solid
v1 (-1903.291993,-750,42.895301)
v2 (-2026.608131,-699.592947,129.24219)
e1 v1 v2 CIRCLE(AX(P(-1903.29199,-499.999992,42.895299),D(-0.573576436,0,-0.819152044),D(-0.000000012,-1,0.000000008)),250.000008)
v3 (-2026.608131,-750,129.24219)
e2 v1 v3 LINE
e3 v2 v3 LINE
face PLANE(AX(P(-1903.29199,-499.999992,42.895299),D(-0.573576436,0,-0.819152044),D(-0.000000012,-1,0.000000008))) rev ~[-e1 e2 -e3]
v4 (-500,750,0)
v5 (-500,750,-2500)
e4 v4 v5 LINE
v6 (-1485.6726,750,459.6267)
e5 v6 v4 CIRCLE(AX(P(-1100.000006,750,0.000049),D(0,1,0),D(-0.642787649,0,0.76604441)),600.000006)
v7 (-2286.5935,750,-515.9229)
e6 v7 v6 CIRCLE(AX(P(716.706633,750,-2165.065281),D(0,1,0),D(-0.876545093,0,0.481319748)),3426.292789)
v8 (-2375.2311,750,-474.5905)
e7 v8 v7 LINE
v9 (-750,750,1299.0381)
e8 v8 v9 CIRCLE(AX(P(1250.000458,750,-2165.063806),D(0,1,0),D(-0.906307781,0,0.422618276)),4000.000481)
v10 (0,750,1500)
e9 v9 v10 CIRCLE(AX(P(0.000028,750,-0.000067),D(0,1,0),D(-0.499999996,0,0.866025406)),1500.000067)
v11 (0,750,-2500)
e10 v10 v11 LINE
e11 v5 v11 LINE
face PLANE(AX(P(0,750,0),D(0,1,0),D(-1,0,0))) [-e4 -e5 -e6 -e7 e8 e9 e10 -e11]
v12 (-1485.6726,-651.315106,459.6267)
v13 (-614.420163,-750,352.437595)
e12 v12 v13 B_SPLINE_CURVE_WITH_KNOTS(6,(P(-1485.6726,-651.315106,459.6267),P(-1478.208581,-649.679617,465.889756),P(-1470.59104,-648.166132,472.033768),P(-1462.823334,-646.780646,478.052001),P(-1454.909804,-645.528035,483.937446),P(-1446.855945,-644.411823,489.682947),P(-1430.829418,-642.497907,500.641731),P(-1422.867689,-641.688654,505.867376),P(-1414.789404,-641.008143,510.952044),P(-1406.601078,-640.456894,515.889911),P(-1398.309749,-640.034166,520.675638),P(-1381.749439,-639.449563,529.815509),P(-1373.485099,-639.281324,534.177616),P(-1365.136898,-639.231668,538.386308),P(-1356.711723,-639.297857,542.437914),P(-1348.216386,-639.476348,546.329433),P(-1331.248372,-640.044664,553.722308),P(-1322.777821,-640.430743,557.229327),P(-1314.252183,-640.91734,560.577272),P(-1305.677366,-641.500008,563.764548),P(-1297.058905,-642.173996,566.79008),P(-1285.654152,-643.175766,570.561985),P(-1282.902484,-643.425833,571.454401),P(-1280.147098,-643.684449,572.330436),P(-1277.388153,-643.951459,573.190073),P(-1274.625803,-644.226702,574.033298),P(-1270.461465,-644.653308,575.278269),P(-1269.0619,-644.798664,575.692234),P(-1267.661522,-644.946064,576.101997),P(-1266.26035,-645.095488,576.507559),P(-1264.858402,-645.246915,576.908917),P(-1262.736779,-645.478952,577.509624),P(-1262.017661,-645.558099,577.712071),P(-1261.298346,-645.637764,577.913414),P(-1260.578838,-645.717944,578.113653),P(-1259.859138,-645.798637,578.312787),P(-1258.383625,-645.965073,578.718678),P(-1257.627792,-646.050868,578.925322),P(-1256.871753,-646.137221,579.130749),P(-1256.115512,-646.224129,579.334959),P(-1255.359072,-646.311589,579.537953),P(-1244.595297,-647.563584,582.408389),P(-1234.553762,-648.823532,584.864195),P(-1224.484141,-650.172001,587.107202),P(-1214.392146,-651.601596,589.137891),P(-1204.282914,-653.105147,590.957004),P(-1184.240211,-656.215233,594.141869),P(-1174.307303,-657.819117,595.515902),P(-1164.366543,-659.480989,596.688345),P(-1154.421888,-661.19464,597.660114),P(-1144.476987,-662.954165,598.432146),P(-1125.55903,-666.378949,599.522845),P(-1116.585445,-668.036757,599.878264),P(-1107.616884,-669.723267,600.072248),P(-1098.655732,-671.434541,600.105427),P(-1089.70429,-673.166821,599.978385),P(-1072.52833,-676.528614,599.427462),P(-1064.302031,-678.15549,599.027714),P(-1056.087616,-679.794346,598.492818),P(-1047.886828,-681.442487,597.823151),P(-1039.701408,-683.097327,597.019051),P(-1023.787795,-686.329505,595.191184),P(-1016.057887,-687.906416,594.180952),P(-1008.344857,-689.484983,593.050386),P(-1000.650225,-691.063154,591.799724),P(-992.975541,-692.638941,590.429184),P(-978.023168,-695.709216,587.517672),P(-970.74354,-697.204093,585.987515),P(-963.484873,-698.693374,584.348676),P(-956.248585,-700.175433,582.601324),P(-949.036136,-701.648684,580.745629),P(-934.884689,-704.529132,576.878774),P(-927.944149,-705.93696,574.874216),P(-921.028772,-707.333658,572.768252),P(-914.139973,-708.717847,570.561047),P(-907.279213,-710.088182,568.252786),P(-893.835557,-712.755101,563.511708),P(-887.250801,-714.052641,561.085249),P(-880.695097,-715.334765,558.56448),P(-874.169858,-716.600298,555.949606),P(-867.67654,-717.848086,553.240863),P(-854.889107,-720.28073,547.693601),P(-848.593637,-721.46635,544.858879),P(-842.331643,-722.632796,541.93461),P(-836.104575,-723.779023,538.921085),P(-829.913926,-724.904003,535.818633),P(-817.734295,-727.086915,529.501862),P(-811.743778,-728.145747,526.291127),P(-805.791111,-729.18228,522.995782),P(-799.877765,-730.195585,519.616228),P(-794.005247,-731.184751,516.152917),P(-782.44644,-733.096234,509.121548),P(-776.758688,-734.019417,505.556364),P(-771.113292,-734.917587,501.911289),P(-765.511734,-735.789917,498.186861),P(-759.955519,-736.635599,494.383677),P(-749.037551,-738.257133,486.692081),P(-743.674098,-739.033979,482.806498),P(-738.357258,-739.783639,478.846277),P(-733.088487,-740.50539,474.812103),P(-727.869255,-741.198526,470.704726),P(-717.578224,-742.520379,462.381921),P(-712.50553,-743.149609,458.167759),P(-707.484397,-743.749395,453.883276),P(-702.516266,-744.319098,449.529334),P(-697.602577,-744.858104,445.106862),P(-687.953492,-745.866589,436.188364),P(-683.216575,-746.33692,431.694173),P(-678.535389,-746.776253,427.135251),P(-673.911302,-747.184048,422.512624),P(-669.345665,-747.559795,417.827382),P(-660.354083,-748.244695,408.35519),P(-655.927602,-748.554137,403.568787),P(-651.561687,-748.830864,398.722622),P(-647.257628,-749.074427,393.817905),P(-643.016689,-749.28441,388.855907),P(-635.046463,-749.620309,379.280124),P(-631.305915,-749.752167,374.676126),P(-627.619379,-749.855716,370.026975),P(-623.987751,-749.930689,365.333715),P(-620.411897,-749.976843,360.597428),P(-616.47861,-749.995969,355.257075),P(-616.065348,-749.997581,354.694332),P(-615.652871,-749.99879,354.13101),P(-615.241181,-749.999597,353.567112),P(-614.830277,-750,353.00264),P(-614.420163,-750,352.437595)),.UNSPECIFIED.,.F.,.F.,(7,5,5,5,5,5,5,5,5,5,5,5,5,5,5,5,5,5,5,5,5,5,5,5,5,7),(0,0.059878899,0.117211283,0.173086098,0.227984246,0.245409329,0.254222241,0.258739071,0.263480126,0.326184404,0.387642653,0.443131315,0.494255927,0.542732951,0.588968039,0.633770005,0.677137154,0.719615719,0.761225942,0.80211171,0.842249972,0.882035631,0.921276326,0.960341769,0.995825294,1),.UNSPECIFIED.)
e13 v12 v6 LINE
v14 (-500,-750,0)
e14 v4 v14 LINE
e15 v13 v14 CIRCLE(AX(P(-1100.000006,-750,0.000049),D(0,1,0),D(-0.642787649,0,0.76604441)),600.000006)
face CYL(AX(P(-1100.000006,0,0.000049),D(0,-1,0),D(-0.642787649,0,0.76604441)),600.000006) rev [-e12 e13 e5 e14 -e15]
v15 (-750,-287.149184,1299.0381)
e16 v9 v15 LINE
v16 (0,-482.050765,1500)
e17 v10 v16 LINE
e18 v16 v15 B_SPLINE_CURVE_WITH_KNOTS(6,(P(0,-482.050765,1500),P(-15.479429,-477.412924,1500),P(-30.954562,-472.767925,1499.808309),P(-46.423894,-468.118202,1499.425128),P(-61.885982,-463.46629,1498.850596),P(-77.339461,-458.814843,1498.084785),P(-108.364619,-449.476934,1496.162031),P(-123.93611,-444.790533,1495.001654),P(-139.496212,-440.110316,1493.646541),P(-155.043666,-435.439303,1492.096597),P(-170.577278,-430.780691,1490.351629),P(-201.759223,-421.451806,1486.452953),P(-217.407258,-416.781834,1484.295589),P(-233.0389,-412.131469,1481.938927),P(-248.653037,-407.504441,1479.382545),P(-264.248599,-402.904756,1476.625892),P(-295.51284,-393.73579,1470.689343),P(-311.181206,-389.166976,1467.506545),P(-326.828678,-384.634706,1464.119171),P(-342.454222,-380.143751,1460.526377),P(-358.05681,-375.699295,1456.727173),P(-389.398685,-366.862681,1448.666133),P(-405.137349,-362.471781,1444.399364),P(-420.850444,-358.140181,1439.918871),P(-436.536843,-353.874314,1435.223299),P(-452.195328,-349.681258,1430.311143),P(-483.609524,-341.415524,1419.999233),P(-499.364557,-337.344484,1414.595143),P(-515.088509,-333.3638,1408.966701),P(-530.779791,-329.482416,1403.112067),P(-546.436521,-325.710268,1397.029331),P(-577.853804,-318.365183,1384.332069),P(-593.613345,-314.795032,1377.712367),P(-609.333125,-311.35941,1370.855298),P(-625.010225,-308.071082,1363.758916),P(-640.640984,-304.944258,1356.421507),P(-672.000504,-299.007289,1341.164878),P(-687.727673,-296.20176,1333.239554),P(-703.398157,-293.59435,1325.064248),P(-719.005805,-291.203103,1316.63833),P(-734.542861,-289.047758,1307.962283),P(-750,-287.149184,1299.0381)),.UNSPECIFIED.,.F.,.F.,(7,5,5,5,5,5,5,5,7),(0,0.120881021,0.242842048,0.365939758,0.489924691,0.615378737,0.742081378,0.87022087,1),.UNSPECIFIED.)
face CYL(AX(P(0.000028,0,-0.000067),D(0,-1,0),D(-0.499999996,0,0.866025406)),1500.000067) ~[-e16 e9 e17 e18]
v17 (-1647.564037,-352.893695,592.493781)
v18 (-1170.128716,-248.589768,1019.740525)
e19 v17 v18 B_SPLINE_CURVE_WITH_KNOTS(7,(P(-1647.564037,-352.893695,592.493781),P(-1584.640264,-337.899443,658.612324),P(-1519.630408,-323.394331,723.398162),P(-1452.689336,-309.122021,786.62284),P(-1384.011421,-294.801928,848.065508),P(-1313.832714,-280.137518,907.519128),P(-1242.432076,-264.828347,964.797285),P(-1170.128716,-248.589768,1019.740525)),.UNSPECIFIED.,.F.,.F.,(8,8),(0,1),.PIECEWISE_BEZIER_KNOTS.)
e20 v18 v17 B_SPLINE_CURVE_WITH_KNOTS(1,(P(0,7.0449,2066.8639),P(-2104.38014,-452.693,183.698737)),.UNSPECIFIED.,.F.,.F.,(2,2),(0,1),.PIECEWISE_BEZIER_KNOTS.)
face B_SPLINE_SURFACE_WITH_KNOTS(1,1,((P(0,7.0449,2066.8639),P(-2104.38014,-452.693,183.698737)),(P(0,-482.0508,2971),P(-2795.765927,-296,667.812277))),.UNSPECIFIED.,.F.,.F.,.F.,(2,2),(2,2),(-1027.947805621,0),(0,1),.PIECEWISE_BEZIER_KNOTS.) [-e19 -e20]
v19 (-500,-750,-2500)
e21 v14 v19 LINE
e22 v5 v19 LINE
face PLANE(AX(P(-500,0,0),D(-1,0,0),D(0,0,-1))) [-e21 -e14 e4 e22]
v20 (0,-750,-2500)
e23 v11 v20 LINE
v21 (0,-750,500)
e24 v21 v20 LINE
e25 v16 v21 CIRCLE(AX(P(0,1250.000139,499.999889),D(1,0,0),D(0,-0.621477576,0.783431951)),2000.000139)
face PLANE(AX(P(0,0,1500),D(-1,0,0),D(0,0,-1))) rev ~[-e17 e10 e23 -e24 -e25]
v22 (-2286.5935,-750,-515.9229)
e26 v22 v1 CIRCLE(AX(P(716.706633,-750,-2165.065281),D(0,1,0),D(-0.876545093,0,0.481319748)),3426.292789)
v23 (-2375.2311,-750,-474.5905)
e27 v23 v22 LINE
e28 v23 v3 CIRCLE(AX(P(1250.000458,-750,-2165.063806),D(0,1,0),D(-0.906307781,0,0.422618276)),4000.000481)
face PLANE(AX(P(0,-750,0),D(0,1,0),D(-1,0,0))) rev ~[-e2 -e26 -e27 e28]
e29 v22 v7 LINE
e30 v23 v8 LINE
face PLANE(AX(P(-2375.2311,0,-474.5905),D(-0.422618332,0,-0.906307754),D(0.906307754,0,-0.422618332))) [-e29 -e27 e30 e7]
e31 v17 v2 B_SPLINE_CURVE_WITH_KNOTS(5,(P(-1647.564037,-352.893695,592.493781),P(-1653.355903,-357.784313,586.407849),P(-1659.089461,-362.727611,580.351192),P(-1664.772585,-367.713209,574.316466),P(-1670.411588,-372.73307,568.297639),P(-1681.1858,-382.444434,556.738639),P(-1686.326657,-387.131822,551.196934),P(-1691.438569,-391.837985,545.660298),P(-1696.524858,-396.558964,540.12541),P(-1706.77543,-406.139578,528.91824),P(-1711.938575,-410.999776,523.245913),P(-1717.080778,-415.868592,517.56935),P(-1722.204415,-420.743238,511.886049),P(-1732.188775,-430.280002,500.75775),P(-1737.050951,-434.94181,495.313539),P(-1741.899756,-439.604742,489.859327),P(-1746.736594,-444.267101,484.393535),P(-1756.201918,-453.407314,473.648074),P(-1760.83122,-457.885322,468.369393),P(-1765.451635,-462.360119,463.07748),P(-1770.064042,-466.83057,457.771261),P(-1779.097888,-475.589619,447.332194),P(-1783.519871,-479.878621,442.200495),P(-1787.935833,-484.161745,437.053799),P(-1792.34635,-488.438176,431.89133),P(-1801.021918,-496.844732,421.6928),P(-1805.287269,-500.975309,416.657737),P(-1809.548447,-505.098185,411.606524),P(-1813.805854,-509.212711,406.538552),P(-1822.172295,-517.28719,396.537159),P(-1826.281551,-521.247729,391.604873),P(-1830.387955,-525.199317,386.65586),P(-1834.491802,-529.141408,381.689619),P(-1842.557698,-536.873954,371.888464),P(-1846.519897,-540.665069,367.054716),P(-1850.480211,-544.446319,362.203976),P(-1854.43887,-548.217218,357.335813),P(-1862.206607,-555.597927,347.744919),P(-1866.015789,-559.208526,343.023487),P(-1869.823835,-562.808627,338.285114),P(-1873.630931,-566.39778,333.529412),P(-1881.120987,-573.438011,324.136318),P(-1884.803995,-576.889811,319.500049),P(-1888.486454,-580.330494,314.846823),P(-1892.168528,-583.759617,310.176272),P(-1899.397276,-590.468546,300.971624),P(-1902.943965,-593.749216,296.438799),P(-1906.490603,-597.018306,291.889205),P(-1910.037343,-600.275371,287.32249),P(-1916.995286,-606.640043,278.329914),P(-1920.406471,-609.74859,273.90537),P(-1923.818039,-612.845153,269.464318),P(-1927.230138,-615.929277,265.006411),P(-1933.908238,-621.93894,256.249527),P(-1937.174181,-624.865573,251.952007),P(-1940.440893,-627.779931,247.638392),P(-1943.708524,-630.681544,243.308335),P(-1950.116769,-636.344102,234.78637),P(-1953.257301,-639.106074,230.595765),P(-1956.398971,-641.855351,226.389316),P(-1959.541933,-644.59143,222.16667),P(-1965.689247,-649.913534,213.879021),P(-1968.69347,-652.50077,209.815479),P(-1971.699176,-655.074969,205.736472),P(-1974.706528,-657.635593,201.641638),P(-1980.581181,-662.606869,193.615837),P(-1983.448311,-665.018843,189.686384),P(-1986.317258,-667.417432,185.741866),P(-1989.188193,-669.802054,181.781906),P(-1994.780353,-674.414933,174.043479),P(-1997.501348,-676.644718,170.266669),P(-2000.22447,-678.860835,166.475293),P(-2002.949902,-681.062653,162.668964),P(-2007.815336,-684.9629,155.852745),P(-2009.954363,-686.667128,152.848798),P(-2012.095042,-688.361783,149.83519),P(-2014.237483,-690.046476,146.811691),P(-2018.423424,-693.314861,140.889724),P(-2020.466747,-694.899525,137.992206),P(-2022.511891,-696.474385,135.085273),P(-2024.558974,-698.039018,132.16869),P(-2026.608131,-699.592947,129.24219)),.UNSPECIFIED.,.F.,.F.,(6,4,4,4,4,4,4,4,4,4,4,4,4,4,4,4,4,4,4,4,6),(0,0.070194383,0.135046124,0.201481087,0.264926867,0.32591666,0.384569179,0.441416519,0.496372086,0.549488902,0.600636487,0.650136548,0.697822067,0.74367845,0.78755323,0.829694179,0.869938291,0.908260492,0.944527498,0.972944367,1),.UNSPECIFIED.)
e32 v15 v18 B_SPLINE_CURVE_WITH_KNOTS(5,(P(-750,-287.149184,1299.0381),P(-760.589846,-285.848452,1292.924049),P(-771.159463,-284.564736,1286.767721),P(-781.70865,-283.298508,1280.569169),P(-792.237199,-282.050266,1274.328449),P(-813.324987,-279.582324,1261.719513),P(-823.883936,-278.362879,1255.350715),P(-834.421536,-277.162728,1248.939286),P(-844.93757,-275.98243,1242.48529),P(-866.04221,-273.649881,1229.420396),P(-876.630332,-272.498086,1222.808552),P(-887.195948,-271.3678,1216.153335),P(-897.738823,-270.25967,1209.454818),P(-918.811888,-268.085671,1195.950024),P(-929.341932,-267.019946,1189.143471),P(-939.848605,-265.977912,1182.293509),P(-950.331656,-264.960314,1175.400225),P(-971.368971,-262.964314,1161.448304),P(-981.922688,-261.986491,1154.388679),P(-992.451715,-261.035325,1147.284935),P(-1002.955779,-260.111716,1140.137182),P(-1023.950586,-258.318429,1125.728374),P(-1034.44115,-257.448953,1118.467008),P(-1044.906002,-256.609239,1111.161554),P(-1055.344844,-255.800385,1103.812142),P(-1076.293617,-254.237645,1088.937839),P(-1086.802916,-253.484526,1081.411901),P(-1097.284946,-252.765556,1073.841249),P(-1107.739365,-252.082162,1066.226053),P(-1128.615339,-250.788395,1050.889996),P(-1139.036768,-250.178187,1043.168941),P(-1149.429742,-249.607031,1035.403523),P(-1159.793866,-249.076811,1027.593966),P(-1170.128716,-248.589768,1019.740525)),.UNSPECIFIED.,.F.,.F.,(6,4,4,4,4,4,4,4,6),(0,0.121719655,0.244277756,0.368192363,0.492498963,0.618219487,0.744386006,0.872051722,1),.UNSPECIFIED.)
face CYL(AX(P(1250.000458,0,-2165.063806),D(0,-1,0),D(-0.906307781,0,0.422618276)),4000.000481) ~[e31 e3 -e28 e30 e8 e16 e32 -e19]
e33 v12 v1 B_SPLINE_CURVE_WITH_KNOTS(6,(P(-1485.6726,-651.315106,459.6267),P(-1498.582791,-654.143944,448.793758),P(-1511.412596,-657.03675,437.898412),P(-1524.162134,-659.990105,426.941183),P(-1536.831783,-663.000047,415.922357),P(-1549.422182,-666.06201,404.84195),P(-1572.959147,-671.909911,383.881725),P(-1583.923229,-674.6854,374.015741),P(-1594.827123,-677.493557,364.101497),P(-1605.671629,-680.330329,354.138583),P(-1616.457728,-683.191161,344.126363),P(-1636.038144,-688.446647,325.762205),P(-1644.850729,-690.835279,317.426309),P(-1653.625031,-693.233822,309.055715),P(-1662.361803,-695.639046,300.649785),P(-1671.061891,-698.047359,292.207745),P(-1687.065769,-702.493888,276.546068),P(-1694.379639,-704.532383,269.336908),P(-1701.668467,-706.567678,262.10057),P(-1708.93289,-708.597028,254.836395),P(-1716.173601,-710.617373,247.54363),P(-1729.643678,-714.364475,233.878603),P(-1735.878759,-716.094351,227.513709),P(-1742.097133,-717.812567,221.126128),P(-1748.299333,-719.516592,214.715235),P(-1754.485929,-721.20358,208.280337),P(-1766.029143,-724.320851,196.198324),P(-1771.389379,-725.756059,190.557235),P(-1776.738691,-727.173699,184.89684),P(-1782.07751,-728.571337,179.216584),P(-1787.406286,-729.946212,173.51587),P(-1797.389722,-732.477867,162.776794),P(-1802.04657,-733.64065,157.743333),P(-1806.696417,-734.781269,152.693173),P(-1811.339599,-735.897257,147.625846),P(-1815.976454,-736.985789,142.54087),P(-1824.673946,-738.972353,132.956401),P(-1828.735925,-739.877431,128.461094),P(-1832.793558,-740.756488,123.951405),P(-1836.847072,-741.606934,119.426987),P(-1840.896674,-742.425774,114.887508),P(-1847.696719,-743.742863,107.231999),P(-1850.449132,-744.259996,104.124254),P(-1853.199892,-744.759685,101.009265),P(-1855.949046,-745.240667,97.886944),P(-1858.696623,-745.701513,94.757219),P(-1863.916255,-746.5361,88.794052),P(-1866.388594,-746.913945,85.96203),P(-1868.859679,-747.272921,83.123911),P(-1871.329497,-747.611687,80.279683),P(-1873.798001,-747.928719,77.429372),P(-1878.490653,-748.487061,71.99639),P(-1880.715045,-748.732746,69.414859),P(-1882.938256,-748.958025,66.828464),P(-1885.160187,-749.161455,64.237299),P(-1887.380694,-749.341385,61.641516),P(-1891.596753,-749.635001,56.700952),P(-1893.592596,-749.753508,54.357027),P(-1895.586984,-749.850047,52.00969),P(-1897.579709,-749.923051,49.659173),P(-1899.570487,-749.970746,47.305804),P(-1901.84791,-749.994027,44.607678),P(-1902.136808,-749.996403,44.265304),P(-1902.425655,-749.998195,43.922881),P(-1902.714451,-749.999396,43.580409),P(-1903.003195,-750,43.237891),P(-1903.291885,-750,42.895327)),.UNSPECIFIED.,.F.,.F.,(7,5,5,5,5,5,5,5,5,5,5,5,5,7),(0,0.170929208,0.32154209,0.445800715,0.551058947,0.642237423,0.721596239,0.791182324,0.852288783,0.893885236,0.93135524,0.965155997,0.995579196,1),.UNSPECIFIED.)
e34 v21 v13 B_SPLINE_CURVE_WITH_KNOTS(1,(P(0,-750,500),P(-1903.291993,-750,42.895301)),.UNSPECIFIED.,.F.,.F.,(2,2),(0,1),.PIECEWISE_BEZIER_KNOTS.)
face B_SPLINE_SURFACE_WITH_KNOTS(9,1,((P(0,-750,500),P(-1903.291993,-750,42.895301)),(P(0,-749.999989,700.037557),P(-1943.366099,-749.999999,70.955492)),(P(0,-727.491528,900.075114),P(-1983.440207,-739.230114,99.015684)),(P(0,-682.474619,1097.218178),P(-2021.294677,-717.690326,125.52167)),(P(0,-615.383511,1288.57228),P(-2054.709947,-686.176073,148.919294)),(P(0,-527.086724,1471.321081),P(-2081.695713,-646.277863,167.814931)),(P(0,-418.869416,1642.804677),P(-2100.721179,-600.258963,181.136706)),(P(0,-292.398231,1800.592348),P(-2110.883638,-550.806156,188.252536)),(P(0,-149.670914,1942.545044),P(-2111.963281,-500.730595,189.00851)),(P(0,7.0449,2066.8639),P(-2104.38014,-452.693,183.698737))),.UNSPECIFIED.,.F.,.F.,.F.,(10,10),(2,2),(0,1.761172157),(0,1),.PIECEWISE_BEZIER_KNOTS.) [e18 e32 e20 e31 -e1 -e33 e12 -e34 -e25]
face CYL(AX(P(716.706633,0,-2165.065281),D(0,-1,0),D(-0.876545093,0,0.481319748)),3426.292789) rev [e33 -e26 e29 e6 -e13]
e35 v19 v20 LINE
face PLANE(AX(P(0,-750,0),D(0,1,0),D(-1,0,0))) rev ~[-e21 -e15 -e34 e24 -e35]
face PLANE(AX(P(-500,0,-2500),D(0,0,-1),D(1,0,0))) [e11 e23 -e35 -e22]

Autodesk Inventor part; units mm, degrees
ref_plane "YZ Plane" through (0, 0, 0) normal (1, 0, 0) x (0, 1, 0)
sketch "Sketch1" plane through (0, 0, 0) normal (0, 1, 0) x (-1, 0, 0)
  arc A0 (1485.6726, 459.6267) -> (500, 0) centre (1100, 0) ccw
  arc A1 (750, 1299.0381) -> (0, 1500) centre (0, 0) ccw
  line L0 (0, 1500) -> (0, -2500)
  line L1 (0, 0) -> (500, 0) construction
  line L2 (0, 0) -> (4307.852, 0) construction
  arc A2 (2375.2311, -474.5905) -> (750, 1299.0381) centre (-1250, -2165.0635) ccw
  line L3 (0, 0) -> (750, 1299.0381) construction
  line L4 (2533.8122, -814.6686) -> (2153.926, 0) construction
  line L5 (500, 0) -> (500, -2500)
  line L6 (1100, 0) -> (1485.6726, 459.6267) construction
  arc A3 (2286.5935, -515.9229) -> (1485.6726, 459.6267) centre (-716.704, -2165.0635) ccw
  line L7 (2375.2311, -474.5905) -> (2286.5935, -515.9229)
  line L8 (-1250, -2165.0635) -> (1570, -2165.0635) construction
  line L9 (500, -2500) -> (0, -2500)
  dimension "d0" = 1200
  dimension "d1" = 3000
  dimension "d3" = 500
  dimension "d4" = 4000
  dimension "d5" = 30
  dimension "d6" = 25
  dimension "d7" = 40
  dimension "d9" = 3426.2897
  dimension "d10" = 2500
extrude "Extrusion1" add sketch "Sketch1" along normal mid plane 1500
sketch "Sketch3" plane through (0, -750, 0) normal (0, -1, 0) x (1, 0, 0)
  line L0 (0, -1289.8041) -> (-2443.3584, 421.0539) construction
  arc A0 (-750, 1299.0381) -> (-2375.2311, -474.5905) centre (1250, -2165.0635) ccw construction
  line L1 (0, -2500) -> (0, 1500) projected
  point P0 (0, 0)
  dimension "d15" = 55
sketch "Sketch2" plane through (0, -750, -2500) normal (1, 0, 0) x (0, 0, -1)
  line L0 (0, 0) -> (0, 1500) construction
  line L1 (-4000, 1500) -> (0, 1500) construction
  line L2 (-4000, 1500) -> (-4000, 0) construction
  line L3 (0, 0) -> (-4000, 0) construction
  line L4 (-3000, 0) -> (-3000, 1500) construction
  line L5 (0, 0) -> (-4000, 0) projected
  arc A0 (-4566.8639, 757.0449) -> (-3000, 0) centre (-3000, 2000) ccw
  line L6 (-3000, 0) -> (-3000, -688)
  line L7 (-3000, -688) -> (-5471, 267.9492)
  line L8 (-5471, 267.9492) -> (-4566.8639, 757.0449)
  point P0 (-2500, 750)
  dimension "d13" = 1000
  dimension "d14" = 4000
ref_plane "Work Plane2" through (0, 750, -915) normal (-0.7071, 0, -0.7071) x (0, -1, 0)
sketch "Sketch4" plane through (0, -750, -2500) normal (1, 0, 0) x (0, 0, -1)
  line L0 (0, 0) -> (-4000, 0) projected
  line L1 (-4000, 0) -> (-4000, 1500) projected
  line L2 (-4000, 1500) -> (0, 1500) projected
  line L3 (0, 1500) -> (0, 0) projected
  line L4 (0, 0) -> (-4000, 0) projected
  line L5 (-4000, 0) -> (-4000, 1500) projected
  line L6 (-4000, 1500) -> (0, 1500) projected
  line L7 (0, 1500) -> (0, 0) projected
  line L8 (-1210.1959, 0) -> (-2921.0539, 0) construction
  line L9 (0, 0) -> (-4000, 0) projected
  line L10 (-1210.1959, 0) -> (-1210.1959, 1500) construction
  point P0 (-2500, 750)
ref_plane "Work Plane3" through (0, 750, -1289.8041) normal (-0.5736, 0, -0.8192) x (0, -1, 0)
sketch "Sketch7" plane through (0, 750, -1289.8041) normal (-0.5736, 0, -0.8192) x (0, -1, 0)
  arc A0 (1500, 2323.4905) -> (1202.693, 2568.9738) centre (1250, 2323.4905) ccw
  line L0 (1500, 0) -> (1500, 2982.7898) construction
  line L1 (1500, 2474.0318) -> (1500, 2323.4905) construction
  line L2 (1500, 2323.4905) -> (0, 2323.4905) construction
  line L3 (0, 2323.4905) -> (0, 2474.0318) construction
  line L4 (0, 2474.0318) -> (1500, 2474.0318) construction
  line L5 (1500, 610.3873) -> (1500, 0) construction
  line L6 (1500, 0) -> (0, 0) construction
  line L7 (0, 0) -> (0, 610.3873) construction
  line L8 (0, 610.3873) -> (1500, 610.3873) construction
  line L9 (1202.693, 2568.9738) -> (1046, 3413)
  line L10 (1046, 3413) -> (2457, 2027)
  line L11 (2457, 2027) -> (1500, 2323.4905)
  point P0 (750, 739.8012)
  dimension "d34" = 500
loft "Loft5" cut profiles "Sketch2", "Sketch7"
properties part number "main_front"
